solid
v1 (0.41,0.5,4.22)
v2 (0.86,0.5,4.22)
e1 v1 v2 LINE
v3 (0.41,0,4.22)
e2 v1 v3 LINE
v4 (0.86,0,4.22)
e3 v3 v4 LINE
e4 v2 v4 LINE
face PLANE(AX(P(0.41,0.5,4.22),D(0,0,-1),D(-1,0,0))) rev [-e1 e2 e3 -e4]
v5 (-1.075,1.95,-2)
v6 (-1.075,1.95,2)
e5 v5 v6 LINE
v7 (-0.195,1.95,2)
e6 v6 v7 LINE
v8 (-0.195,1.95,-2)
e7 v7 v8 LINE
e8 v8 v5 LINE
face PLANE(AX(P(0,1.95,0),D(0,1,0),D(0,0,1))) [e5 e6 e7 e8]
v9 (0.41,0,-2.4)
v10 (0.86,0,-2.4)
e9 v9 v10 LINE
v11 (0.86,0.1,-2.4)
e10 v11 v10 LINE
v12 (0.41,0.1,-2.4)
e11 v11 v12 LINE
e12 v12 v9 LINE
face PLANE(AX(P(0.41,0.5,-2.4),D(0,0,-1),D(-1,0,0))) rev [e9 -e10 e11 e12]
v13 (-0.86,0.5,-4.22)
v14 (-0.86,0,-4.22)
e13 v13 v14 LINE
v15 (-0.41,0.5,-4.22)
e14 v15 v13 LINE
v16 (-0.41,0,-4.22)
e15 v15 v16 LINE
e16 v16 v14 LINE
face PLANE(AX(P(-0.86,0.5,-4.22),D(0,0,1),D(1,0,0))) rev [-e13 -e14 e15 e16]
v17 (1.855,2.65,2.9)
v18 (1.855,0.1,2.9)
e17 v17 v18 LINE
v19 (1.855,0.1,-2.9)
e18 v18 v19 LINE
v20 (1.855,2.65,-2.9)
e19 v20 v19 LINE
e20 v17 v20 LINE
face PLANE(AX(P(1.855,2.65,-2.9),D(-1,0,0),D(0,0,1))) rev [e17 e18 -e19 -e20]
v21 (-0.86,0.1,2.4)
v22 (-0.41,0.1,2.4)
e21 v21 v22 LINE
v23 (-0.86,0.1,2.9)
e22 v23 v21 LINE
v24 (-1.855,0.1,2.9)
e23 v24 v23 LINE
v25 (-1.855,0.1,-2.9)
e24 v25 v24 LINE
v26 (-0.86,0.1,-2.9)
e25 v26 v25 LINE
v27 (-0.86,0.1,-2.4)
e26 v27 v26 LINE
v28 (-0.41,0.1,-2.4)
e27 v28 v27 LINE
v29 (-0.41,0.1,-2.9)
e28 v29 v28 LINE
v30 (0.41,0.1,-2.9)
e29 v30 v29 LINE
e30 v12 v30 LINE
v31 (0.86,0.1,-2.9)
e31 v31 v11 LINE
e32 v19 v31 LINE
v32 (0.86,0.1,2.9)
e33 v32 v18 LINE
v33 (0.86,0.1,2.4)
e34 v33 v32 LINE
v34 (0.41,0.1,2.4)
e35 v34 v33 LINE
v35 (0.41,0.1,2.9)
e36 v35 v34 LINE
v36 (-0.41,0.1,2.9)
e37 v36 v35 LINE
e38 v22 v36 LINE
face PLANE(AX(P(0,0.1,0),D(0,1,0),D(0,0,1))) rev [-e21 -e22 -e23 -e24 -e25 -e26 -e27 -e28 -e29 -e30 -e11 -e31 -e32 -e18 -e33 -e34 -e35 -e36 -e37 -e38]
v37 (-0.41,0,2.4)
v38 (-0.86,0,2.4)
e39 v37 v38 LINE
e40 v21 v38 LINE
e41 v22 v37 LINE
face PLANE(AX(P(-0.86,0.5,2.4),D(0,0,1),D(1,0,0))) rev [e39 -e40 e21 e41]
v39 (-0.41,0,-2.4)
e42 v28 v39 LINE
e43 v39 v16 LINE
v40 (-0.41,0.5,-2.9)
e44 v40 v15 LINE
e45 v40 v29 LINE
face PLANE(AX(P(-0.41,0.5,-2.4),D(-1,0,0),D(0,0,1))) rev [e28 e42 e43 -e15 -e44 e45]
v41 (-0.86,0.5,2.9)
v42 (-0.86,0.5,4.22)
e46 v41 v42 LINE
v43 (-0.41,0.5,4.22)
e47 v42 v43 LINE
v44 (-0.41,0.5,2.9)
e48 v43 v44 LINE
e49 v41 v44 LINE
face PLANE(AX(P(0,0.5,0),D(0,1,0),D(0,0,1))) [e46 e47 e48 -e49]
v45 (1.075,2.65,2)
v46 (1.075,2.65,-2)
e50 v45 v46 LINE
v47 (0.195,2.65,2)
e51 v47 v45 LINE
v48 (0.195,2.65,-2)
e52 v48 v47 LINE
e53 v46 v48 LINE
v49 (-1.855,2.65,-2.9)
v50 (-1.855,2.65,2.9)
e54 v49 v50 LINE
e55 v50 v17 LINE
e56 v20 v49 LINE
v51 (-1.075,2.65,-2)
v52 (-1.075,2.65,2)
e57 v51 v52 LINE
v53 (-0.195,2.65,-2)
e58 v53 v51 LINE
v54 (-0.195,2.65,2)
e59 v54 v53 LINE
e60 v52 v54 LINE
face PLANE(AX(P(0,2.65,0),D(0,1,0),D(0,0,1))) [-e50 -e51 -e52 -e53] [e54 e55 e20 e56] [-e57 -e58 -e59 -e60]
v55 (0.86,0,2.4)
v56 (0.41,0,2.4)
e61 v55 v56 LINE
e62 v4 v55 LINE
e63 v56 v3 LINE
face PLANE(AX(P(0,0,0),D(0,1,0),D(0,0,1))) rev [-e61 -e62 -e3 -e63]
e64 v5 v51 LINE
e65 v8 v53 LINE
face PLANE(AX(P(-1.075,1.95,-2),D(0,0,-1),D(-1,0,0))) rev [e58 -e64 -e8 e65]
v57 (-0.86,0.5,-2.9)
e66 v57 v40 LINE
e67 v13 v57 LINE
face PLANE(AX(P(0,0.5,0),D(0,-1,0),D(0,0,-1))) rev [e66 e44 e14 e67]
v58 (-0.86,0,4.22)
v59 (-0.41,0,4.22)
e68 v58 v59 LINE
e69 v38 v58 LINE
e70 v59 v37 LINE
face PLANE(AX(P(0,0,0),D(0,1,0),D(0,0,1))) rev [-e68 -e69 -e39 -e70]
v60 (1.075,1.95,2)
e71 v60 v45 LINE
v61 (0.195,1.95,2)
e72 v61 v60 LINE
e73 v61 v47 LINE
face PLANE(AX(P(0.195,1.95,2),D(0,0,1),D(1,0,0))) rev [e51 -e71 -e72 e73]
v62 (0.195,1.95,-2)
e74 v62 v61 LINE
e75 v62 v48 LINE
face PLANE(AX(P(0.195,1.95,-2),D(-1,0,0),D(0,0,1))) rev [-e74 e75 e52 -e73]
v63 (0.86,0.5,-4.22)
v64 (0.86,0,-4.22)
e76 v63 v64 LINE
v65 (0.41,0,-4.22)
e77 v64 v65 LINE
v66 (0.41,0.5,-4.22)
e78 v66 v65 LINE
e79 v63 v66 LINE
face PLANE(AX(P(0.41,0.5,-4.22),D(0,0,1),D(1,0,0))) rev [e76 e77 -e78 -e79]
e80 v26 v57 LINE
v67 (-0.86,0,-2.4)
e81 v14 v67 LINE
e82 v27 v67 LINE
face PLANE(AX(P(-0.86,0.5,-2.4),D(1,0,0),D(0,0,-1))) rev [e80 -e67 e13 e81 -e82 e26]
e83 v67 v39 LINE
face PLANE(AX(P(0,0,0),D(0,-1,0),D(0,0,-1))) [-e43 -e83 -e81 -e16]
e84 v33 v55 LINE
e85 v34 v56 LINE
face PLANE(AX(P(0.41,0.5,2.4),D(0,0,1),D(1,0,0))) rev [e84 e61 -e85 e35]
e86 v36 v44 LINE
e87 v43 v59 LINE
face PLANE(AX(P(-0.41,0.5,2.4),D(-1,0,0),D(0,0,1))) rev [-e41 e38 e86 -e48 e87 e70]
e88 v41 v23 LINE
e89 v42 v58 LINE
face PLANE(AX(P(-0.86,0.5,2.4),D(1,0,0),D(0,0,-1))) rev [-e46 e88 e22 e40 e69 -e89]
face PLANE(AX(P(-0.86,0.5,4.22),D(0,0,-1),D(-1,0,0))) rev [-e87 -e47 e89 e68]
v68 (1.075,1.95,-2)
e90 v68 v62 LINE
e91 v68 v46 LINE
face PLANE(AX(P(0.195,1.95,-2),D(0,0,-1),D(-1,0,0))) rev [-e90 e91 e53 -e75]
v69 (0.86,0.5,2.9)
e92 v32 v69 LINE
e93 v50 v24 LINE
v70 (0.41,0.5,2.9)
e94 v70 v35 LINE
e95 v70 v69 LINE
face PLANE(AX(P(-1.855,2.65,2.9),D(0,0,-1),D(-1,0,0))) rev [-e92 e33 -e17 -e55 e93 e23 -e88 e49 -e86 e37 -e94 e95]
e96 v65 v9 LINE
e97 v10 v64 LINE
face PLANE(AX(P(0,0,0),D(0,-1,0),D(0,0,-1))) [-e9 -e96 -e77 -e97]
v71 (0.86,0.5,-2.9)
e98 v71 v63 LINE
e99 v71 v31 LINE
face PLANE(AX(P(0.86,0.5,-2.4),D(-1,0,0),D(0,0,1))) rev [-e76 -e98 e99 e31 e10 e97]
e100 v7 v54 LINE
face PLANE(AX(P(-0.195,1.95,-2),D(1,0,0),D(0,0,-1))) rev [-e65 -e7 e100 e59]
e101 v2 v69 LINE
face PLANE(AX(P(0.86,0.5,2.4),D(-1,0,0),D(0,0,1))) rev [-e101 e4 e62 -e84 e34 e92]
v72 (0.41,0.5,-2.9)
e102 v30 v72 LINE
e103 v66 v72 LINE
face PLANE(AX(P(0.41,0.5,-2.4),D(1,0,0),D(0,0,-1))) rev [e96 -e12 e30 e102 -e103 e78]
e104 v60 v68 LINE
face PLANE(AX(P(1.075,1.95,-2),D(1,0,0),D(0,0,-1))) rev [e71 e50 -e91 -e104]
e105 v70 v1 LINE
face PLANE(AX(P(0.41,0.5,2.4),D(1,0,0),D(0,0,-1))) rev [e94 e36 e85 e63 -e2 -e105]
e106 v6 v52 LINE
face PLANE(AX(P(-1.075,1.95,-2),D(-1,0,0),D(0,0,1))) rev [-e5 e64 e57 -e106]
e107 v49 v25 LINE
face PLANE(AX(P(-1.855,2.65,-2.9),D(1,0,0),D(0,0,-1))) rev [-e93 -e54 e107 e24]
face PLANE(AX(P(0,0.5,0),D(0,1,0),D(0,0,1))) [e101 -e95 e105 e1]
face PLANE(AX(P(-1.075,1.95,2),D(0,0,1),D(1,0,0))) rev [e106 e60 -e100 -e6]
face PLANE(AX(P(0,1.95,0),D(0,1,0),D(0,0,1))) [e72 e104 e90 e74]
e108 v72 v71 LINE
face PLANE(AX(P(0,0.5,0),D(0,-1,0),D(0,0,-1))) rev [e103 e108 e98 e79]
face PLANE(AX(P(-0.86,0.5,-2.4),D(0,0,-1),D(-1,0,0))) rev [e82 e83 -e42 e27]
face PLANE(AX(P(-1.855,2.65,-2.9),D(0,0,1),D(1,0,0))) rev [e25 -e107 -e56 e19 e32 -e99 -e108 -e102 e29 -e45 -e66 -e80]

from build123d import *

# Parameters (mm, degrees)
BOSS_EXTRUDE1_START = 0.1
SKETCH1_W           = 3.71
SKETCH1_H           = 5.8
BOSS_EXTRUDE1_DEPTH = 2.55
SKETCH2_W           = 0.45
SKETCH2_H           = 1.82
BOSS_EXTRUDE2_DEPTH = 0.5
SKETCH3_W           = 0.88
SKETCH3_H           = 4
CUT_EXTRUDE1_DEPTH  = 0.7


with BuildPart() as part:
    # Sketch1 → Boss-Extrude1 (new body)
    with BuildSketch(Plane(origin=(0, 0, 0), x_dir=(1, 0, 0), z_dir=(0, 1, 0)).offset(BOSS_EXTRUDE1_START)):
        Rectangle(SKETCH1_W, SKETCH1_H)
    extrude(amount=BOSS_EXTRUDE1_DEPTH)

    # Sketch2 → Boss-Extrude2 (add)
    with BuildSketch(Plane(origin=(0, 0, 0), x_dir=(1, 0, 0), z_dir=(0, 1, 0))):
        with Locations((0.635, -3.31)):
            Rectangle(SKETCH2_W, SKETCH2_H)
        with Locations((-0.635, -3.31)):
            Rectangle(SKETCH2_W, SKETCH2_H)
        with Locations((-0.635, 3.31)):
            Rectangle(SKETCH2_W, SKETCH2_H)
        with Locations((0.635, 3.31)):
            Rectangle(SKETCH2_W, SKETCH2_H)
    extrude(amount=BOSS_EXTRUDE2_DEPTH)

    # Sketch3 → Cut-Extrude1 (cut)
    with BuildSketch(Plane(origin=(0, 2.65, 0), x_dir=(1, 0, 0), z_dir=(0, 1, 0))):
        with Locations((-0.635, 0)):
            Rectangle(SKETCH3_W, SKETCH3_H)
        with Locations((0.635, 0)):
            Rectangle(SKETCH3_W, SKETCH3_H)
    extrude(amount=-CUT_EXTRUDE1_DEPTH, mode=Mode.SUBTRACT)


solid = part.part
